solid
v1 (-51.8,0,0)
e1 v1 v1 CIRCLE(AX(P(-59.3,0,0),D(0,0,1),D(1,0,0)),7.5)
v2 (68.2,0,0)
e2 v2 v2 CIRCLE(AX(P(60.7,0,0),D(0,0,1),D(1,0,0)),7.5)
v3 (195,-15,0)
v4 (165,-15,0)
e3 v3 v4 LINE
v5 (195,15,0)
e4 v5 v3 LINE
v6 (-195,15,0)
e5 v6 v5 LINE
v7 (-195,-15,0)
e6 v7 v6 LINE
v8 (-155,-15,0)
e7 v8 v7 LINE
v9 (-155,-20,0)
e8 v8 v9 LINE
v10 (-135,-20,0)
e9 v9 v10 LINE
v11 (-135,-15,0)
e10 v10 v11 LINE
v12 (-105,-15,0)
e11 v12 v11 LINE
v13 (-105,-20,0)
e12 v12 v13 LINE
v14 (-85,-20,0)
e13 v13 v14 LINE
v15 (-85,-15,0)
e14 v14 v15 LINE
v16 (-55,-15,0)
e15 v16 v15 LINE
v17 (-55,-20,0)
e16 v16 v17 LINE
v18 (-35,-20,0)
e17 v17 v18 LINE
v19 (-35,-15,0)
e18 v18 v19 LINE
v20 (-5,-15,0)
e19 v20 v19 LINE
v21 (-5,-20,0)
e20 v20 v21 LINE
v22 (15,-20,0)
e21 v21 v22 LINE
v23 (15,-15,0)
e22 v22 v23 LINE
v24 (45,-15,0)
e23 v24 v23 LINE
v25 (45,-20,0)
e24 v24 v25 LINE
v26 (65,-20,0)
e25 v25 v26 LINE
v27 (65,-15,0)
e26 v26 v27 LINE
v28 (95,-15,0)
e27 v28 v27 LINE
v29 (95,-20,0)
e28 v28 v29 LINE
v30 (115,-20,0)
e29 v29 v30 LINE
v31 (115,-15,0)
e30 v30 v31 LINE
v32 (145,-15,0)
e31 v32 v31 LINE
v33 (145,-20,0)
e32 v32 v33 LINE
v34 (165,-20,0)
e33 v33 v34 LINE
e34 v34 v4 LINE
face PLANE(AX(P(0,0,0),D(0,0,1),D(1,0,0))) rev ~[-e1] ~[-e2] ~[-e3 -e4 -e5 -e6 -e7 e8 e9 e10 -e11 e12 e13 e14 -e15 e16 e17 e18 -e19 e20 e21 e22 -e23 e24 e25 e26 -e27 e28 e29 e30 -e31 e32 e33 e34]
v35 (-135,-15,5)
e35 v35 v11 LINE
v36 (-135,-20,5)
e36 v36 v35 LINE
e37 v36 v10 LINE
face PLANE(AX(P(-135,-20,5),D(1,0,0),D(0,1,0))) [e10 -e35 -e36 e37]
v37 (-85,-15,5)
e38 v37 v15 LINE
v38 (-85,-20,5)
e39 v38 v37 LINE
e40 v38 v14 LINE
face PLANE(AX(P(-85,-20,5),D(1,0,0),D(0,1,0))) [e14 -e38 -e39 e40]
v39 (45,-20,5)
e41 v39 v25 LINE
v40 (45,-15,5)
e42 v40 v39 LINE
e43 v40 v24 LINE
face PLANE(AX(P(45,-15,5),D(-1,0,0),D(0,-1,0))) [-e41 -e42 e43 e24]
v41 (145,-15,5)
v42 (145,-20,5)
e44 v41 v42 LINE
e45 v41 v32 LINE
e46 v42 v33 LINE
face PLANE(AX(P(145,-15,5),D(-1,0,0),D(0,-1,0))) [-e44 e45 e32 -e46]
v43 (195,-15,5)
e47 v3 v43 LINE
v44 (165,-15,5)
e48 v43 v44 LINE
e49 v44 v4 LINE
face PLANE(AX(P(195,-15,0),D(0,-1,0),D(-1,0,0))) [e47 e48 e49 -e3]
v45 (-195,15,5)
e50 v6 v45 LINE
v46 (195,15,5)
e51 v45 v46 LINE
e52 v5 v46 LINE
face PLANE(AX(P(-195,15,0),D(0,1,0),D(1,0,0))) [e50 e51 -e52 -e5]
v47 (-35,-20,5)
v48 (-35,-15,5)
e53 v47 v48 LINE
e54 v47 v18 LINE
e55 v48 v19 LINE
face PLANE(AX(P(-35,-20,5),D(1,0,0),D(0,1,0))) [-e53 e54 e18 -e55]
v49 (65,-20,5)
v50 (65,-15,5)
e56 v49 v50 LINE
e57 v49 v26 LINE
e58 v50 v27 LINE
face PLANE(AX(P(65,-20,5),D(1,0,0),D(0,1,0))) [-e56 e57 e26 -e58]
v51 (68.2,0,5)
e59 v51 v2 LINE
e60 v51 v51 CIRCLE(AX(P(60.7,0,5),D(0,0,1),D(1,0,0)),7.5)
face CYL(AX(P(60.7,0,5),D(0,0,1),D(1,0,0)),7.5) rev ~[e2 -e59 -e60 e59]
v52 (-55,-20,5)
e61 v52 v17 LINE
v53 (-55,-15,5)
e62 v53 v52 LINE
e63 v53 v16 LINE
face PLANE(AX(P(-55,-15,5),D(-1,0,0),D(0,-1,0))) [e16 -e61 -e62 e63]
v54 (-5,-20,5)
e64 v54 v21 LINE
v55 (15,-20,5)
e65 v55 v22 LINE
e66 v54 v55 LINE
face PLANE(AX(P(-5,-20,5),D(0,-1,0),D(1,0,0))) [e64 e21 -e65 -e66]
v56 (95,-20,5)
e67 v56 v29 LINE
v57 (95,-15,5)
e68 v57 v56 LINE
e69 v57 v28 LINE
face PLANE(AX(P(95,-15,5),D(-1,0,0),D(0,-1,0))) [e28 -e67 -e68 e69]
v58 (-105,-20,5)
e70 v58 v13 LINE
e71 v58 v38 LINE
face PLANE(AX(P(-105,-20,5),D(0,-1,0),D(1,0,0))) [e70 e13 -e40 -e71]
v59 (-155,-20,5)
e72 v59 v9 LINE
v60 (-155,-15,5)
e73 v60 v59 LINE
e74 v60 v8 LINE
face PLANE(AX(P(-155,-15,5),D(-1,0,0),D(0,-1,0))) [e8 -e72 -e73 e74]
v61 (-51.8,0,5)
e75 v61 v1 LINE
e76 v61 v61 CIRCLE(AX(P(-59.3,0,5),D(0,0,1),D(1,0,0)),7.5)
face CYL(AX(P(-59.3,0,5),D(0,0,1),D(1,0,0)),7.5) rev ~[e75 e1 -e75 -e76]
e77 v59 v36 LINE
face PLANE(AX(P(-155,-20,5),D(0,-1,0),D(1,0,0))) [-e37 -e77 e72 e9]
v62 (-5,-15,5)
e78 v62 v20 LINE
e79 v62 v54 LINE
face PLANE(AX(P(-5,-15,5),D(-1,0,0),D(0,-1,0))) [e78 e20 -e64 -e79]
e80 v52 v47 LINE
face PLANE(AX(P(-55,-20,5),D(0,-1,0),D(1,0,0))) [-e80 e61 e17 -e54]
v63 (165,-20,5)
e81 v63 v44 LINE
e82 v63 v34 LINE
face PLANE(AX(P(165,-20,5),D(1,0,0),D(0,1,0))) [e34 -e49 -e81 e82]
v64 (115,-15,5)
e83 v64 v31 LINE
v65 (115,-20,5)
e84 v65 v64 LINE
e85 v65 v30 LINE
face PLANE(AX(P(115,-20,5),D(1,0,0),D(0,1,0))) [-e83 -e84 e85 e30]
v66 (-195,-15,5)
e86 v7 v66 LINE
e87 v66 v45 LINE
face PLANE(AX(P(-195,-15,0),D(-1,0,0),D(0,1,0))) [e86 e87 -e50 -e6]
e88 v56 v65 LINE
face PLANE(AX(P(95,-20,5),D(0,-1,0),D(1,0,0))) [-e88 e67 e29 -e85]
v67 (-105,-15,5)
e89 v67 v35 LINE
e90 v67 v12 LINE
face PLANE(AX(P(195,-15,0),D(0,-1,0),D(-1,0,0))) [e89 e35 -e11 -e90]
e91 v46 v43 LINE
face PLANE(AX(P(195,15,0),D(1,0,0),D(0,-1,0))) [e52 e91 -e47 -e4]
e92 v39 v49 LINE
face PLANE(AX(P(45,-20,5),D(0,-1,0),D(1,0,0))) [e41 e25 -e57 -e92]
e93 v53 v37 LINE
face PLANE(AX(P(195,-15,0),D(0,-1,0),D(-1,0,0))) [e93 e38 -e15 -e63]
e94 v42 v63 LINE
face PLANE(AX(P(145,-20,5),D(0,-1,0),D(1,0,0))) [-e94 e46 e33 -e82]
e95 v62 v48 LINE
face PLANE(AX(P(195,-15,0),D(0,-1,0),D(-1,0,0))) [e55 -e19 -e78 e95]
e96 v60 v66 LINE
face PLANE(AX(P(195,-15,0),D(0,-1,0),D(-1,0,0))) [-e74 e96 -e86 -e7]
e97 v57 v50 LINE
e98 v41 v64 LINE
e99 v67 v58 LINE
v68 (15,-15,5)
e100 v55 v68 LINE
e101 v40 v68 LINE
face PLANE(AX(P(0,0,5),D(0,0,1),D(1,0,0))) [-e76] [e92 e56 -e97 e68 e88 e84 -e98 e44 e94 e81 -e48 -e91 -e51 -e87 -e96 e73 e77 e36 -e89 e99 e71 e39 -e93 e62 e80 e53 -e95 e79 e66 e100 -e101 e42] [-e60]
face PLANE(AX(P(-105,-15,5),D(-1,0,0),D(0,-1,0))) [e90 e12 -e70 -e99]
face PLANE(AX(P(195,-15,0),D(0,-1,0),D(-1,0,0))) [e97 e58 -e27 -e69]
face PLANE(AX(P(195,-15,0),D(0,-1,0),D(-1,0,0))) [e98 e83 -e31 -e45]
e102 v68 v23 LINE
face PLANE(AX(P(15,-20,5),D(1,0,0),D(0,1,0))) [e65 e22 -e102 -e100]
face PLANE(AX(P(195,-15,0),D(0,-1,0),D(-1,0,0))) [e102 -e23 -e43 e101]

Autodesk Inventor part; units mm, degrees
ref_plane "YZ Plane" through (0, 0, 0) normal (1, 0, 0) x (0, 1, 0)
ref_plane "XZ Plane" through (0, 0, 0) normal (0, 1, 0) x (-1, 0, 0)
ref_plane "XY Plane" through (0, 0, 0) normal (0, 0, 1) x (1, 0, 0)
sketch "Sketch1" plane through (0, 0, 0) normal (0, 0, 1) x (1, 0, 0)
  line L0 (-195, 15) -> (195, 15)
  line L1 (195, 15) -> (195, -15)
  line L2 (195, -15) -> (-195, -15)
  line L3 (-195, -15) -> (-195, 15)
  line L4 (-195, 15) -> (195, -15) construction
  line L5 (195, 15) -> (-195, -15) construction
  point P0 (0, 0)
  dimension "d0" = 390
  dimension "d1" = 30
extrude "Base" add sketch "Sketch1" along normal blind 5
sketch "Sketch3" plane through (0, 0, 5) normal (0, 0, 1) x (1, 0, 0)
  circle A0 centre (60.7, 0) radius 7.5
  circle A1 centre (-59.3, 0) radius 7.5
  line L0 (195, -15) -> (195, 15) projected
  dimension "d16" = 15
  dimension "d17" = 15
  dimension "d20" = 134.3
  dimension "d22" = 120
extrude "Extrusion3" cut sketch "Sketch3" against normal blind 10
sketch "Sketch4" plane through (0, 0, 5) normal (0, 0, 1) x (1, 0, 0)
  line L0 (-195, -15) -> (195, -15) projected
  line L1 (165, -15) -> (145, -15)
  line L2 (145, -15) -> (145, -20)
  line L3 (145, -20) -> (165, -20)
  line L4 (165, -20) -> (165, -15)
  line L5 (115, -15) -> (95, -15)
  line L6 (95, -15) -> (95, -20)
  line L7 (95, -20) -> (115, -20)
  line L8 (115, -20) -> (115, -15)
  line L9 (65, -15) -> (45, -15)
  line L10 (45, -15) -> (45, -20)
  line L11 (45, -20) -> (65, -20)
  line L12 (65, -20) -> (65, -15)
  line L13 (15, -15) -> (-5, -15)
  line L14 (-5, -15) -> (-5, -20)
  line L15 (-5, -20) -> (15, -20)
  line L16 (15, -20) -> (15, -15)
  line L17 (-35, -15) -> (-55, -15)
  line L18 (-55, -15) -> (-55, -20)
  line L19 (-55, -20) -> (-35, -20)
  line L20 (-35, -20) -> (-35, -15)
  line L21 (-85, -15) -> (-105, -15)
  line L22 (-105, -15) -> (-105, -20)
  line L23 (-105, -20) -> (-85, -20)
  line L24 (-85, -20) -> (-85, -15)
  line L25 (-135, -15) -> (-155, -15)
  line L26 (-155, -15) -> (-155, -20)
  line L27 (-155, -20) -> (-135, -20)
  line L28 (-135, -20) -> (-135, -15)
  point P0 (0, 0)
  point P1 (-35, -15)
  point P2 (-55, -15)
  point P3 (-135, -15)
  point P4 (-155, -15)
  point P5 (115, -15)
  point P6 (95, -15)
  point P7 (-85, -15)
  point P8 (-105, -15)
  point P9 (65, -15)
  point P10 (45, -15)
  point P11 (15, -15)
  point P12 (-5, -15)
  point P13 (145, -15)
  dimension "d23" = 20
  dimension "d24" = 5
  dimension "d25" = 30
  dimension "d28" = 50
extrude "Extrusion4" add sketch "Sketch4" against normal blind 5
properties part number "Divisória-30cm c rolamento"
